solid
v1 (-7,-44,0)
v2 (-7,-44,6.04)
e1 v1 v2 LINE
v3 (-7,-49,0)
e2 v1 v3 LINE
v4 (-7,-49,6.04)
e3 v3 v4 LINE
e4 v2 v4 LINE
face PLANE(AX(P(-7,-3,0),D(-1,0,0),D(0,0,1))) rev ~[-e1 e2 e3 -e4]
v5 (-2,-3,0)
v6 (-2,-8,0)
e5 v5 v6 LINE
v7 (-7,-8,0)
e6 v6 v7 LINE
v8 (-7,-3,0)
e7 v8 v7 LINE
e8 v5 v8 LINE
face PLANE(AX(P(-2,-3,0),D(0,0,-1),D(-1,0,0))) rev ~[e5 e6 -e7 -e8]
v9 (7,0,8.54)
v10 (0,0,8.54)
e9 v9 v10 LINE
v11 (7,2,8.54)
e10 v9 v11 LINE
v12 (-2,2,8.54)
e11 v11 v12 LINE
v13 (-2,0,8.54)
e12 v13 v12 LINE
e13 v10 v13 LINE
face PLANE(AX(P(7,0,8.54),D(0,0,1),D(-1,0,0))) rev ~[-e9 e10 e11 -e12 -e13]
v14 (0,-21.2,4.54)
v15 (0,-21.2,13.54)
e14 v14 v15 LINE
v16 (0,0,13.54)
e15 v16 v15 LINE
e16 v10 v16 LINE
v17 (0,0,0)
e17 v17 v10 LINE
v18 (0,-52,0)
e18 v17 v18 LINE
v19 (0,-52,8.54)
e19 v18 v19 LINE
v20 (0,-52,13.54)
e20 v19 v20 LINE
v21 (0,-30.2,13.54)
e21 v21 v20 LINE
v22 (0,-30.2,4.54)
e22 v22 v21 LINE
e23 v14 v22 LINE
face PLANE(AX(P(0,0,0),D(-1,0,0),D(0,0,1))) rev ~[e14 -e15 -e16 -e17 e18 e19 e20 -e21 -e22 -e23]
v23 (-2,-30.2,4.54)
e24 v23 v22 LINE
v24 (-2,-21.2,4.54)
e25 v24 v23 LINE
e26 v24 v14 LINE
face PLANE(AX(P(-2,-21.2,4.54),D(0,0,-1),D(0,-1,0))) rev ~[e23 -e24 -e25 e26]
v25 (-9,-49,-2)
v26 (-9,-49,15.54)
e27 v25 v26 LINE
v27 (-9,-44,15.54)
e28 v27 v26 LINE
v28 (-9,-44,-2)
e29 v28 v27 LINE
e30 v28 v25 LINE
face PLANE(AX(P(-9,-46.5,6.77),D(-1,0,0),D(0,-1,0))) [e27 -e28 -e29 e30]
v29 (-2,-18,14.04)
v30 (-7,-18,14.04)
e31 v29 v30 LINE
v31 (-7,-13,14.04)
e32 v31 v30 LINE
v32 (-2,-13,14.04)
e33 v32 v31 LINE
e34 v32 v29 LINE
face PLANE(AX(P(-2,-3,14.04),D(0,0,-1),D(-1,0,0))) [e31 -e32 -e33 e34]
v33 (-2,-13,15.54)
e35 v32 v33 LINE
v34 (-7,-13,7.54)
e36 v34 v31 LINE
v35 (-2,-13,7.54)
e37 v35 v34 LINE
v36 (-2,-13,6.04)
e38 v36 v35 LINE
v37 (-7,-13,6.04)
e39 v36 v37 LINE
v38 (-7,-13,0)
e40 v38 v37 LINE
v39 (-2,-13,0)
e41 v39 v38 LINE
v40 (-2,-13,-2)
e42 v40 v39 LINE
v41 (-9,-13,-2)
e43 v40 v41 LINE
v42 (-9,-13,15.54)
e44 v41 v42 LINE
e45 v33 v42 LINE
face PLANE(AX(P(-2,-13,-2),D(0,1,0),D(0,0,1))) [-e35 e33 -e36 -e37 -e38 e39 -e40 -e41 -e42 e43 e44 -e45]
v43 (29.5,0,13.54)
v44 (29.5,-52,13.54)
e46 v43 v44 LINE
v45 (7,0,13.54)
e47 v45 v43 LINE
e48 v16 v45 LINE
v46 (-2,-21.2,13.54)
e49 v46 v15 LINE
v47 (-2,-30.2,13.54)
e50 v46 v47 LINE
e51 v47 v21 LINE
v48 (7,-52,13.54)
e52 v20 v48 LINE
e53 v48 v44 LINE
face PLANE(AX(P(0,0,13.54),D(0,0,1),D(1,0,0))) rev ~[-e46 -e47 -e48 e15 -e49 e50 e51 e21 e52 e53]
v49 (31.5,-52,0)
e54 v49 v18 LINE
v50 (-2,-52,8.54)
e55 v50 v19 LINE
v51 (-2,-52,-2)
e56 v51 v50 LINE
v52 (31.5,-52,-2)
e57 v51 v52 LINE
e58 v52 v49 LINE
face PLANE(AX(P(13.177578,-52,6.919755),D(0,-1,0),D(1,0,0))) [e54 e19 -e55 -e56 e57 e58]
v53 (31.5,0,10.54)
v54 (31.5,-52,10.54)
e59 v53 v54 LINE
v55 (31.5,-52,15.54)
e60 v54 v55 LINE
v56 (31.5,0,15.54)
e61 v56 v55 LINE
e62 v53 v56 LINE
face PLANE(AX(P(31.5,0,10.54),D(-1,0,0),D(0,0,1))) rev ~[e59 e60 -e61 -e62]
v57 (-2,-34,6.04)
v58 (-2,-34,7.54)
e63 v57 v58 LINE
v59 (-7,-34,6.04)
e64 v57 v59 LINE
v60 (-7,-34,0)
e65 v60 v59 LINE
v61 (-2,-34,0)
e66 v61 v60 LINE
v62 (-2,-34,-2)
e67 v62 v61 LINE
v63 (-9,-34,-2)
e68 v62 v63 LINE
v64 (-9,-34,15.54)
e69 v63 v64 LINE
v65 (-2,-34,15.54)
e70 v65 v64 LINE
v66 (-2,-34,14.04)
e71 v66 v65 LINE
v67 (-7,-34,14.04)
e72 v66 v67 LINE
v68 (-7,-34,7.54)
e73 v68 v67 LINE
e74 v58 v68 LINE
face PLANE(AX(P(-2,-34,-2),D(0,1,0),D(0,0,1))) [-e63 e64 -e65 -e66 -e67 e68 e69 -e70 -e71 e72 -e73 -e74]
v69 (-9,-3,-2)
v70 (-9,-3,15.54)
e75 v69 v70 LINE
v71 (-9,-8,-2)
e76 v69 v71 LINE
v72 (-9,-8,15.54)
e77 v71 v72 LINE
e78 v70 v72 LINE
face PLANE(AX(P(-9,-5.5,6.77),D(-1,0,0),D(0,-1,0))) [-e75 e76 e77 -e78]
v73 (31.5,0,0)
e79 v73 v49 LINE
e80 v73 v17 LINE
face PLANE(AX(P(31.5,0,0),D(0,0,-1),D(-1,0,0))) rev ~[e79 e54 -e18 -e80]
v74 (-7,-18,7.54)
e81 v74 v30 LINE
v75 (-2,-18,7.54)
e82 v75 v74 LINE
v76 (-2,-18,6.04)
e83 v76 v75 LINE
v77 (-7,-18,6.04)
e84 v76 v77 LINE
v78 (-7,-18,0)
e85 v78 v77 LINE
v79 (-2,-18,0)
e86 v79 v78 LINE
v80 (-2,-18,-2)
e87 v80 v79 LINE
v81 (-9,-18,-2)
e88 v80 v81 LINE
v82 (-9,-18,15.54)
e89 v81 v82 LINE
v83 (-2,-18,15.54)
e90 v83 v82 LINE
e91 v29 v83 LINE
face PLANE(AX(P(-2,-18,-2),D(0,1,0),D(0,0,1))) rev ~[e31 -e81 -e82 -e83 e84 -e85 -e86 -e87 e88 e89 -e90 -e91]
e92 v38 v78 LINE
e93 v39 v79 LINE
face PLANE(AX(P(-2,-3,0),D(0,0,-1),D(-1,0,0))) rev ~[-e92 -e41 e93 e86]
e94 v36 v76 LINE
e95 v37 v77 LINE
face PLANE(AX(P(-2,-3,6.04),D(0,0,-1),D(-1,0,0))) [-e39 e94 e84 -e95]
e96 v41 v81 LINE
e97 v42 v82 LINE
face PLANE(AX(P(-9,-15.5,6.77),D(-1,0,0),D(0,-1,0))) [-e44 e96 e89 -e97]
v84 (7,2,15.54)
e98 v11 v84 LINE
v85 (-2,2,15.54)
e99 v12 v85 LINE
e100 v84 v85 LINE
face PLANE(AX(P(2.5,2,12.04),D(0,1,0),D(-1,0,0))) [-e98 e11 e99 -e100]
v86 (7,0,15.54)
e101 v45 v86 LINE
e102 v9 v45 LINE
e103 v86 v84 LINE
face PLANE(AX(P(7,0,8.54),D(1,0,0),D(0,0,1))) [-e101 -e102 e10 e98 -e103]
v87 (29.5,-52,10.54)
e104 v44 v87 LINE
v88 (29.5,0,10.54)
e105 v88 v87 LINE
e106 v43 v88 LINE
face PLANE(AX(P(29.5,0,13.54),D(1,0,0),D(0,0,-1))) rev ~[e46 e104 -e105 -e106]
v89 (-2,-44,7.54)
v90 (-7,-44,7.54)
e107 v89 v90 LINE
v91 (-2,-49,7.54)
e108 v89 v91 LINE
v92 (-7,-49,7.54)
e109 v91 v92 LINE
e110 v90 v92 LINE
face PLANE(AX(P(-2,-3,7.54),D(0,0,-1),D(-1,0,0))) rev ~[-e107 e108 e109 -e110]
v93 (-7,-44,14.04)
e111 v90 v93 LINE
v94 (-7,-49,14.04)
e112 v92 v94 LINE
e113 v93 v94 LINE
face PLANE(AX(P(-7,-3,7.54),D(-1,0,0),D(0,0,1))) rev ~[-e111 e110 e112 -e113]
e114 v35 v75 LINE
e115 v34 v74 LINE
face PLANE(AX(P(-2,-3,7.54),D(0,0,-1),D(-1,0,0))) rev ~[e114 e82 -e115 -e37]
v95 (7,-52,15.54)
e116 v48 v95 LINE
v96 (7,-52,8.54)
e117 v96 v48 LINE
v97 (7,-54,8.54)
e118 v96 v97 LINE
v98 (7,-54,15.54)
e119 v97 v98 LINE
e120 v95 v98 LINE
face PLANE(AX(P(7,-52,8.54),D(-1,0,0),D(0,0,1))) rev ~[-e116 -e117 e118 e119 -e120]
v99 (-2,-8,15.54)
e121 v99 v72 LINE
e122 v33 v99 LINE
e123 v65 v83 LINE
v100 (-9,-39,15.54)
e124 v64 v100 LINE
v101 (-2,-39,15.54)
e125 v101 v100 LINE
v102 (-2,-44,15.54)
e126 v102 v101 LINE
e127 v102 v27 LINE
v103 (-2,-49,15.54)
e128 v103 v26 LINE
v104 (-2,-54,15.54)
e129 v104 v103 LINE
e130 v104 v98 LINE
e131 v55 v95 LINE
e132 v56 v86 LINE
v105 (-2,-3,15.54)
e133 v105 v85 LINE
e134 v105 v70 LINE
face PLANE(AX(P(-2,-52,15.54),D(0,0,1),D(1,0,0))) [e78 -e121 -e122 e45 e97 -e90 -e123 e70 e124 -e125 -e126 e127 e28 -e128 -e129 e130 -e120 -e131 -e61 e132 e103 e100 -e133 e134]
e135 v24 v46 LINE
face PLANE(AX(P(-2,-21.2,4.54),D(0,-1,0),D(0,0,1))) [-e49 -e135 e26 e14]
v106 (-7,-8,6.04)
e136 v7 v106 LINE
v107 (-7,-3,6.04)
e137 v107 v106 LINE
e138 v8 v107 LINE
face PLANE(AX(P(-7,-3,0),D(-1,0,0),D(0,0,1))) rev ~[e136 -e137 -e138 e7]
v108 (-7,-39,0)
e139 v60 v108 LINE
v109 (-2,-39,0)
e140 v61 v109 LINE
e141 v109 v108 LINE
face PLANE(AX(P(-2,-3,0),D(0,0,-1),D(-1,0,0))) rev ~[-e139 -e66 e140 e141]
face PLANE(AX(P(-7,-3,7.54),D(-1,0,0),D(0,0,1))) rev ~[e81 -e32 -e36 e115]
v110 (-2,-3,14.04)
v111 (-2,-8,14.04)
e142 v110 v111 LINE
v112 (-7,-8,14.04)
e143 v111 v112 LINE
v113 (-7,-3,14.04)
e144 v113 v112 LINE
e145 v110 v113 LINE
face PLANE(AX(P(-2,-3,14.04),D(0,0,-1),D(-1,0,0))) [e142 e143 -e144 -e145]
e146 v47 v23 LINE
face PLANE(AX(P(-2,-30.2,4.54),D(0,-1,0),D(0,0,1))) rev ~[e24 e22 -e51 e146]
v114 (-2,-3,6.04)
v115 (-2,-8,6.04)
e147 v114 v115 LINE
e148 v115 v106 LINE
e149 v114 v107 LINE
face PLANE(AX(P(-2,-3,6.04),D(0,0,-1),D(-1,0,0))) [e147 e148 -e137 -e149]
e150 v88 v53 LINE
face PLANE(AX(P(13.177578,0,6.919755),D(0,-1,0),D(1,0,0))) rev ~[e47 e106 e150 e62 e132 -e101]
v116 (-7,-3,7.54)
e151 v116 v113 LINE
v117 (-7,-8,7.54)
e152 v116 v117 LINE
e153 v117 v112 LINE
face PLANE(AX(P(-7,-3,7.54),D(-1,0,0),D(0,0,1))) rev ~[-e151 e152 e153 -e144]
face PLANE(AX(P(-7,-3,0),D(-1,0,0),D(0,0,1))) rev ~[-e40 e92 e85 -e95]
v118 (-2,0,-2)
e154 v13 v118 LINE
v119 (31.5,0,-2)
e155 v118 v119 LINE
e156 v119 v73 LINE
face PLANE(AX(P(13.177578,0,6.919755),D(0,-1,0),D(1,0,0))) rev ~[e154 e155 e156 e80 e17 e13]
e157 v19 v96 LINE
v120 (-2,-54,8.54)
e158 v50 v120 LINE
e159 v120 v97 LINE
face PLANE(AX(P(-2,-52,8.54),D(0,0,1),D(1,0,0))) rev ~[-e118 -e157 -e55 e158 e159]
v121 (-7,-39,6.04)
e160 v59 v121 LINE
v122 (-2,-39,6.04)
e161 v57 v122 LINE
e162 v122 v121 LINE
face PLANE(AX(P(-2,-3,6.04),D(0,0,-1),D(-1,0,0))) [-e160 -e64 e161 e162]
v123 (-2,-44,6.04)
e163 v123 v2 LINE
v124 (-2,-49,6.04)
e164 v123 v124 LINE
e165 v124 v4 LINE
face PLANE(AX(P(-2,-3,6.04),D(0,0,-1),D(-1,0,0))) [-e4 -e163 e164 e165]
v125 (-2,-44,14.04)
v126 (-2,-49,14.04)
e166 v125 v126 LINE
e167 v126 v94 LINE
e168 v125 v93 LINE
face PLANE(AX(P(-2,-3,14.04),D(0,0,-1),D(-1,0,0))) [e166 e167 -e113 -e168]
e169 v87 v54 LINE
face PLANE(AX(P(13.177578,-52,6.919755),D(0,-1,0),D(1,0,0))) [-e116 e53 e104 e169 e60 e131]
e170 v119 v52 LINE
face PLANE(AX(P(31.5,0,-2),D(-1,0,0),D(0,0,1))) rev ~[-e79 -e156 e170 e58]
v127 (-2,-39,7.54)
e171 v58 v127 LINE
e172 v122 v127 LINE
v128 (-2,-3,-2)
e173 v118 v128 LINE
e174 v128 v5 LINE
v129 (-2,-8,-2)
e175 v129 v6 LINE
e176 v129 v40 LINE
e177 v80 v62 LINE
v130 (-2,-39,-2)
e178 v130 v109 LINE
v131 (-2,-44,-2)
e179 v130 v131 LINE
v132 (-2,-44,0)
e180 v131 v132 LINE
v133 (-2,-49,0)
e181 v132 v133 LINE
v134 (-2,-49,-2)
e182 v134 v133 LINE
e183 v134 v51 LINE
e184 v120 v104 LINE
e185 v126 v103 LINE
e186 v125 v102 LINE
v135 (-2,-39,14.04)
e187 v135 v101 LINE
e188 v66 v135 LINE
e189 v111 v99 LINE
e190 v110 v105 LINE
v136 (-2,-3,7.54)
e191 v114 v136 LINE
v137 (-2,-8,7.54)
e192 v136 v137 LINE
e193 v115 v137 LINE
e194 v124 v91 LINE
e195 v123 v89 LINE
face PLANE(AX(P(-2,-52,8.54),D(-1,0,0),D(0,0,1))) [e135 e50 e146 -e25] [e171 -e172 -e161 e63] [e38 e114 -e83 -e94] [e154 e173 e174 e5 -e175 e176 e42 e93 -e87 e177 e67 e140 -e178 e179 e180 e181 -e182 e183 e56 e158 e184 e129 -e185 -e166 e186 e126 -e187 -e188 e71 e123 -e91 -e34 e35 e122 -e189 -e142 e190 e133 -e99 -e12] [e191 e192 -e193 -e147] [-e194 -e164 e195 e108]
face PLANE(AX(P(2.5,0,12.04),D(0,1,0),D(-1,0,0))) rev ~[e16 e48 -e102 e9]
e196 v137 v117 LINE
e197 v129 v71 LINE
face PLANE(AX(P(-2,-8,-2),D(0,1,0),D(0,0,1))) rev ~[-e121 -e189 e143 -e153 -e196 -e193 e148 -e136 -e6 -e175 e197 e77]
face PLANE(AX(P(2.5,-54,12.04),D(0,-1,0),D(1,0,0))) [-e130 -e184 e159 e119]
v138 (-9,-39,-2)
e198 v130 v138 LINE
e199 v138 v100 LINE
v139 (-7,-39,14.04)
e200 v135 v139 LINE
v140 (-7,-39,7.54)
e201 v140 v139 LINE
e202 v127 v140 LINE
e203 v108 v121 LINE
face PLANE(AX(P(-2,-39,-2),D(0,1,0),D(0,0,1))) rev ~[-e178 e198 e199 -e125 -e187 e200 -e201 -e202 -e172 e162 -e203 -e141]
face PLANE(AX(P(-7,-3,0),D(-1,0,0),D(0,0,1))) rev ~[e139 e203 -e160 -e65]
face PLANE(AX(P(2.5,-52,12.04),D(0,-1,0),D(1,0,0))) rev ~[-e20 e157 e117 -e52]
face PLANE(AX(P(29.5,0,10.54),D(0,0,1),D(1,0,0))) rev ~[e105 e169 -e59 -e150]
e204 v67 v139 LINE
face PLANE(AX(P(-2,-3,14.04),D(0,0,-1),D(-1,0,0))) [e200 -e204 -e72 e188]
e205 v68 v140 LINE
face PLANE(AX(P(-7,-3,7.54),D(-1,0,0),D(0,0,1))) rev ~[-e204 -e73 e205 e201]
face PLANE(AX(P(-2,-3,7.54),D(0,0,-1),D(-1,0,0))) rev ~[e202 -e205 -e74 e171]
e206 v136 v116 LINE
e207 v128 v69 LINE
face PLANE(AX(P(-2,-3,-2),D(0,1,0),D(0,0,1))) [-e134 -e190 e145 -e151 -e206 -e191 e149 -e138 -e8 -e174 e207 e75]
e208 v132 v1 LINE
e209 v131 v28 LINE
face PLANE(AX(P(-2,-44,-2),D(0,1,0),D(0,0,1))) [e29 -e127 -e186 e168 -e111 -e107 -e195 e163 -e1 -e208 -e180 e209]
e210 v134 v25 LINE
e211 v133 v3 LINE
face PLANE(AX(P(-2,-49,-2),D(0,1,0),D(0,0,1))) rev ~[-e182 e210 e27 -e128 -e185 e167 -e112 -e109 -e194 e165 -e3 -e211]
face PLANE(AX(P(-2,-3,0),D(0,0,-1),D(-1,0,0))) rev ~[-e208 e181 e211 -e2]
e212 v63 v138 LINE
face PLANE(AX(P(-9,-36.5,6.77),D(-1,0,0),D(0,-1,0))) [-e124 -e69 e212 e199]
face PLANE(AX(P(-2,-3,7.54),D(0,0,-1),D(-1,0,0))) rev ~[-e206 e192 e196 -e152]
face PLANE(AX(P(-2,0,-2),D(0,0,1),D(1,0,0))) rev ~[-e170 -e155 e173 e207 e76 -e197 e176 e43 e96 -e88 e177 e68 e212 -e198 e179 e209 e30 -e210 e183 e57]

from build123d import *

# Parameters (mm, degrees)
F1_DEPTH  = 52
F2_W      = 9
F2_H      = 9
F3_DEPTH  = 2
F5_W      = 9
F5_H      = 7
F6_DEPTH  = 2
F7_W      = 9
F7_H      = 7
F8_DEPTH  = 2
F4_W      = 5
F4_H      = 17.54
F9_DEPTH  = 7
F10_W     = 5
F10_H     = 6.5
F10_H_2   = 6.04
F11_DEPTH = 51.001


with BuildPart() as f1:
    # F0 (on Front) → F1 (new body)
    with BuildSketch(Plane.XZ):
        Polygon((31.5, 0), (0, 0), (0, 13.54), (29.5, 13.54), (29.5, 10.54), (31.5, 10.54), (31.5, 15.54), (-2, 15.54), (-2, -2), (31.5, -2), align=None)
    extrude(amount=F1_DEPTH)

    # F2 (on face) → F3 (cut, through all)
    with BuildSketch(Plane(origin=(-2, 0, 0), x_dir=(0, -1, 0), z_dir=(-1, 0, 0))):
        with Locations((25.7, 9.04)):
            Rectangle(F2_W, F2_H)
    extrude(amount=-F3_DEPTH, mode=Mode.SUBTRACT)

    # F5 (on face) → F6 (join)
    with BuildSketch(Plane(origin=(0, 0, 0), x_dir=(-1, 0, 0), z_dir=(0, 1, 0))):
        with Locations((-2.5, 12.04)):
            Rectangle(F5_W, F5_H)
    extrude(amount=F6_DEPTH)

    # F7 (on face) → F8 (join)
    with BuildSketch(Plane.XZ.offset(52)):
        with Locations((2.5, 12.04)):
            Rectangle(F7_W, F7_H)
    extrude(amount=F8_DEPTH)

    # F4 (on face) → F9 (join)
    with BuildSketch(Plane(origin=(-2, 0, 0), x_dir=(0, -1, 0), z_dir=(-1, 0, 0))):
        with Locations((15.5, 6.77)):
            Rectangle(F4_W, F4_H)
        with Locations((5.5, 6.77)):
            Rectangle(F4_W, F4_H)
        with Locations((36.5, 6.77)):
            Rectangle(F4_W, F4_H)
        with Locations((46.5, 6.77)):
            Rectangle(F4_W, F4_H)
    extrude(amount=F9_DEPTH)

    # F10 (on face) → F11 (cut, through all)
    with BuildSketch(Plane(origin=(0, -3, 0), x_dir=(-1, 0, 0), z_dir=(0, 1, 0))):
        with Locations((4.5, 10.79)):
            Rectangle(F10_W, F10_H)
        with Locations((4.5, 3.02)):
            Rectangle(F10_W, F10_H_2)
    extrude(amount=-F11_DEPTH, mode=Mode.SUBTRACT)


solid = f1.part
